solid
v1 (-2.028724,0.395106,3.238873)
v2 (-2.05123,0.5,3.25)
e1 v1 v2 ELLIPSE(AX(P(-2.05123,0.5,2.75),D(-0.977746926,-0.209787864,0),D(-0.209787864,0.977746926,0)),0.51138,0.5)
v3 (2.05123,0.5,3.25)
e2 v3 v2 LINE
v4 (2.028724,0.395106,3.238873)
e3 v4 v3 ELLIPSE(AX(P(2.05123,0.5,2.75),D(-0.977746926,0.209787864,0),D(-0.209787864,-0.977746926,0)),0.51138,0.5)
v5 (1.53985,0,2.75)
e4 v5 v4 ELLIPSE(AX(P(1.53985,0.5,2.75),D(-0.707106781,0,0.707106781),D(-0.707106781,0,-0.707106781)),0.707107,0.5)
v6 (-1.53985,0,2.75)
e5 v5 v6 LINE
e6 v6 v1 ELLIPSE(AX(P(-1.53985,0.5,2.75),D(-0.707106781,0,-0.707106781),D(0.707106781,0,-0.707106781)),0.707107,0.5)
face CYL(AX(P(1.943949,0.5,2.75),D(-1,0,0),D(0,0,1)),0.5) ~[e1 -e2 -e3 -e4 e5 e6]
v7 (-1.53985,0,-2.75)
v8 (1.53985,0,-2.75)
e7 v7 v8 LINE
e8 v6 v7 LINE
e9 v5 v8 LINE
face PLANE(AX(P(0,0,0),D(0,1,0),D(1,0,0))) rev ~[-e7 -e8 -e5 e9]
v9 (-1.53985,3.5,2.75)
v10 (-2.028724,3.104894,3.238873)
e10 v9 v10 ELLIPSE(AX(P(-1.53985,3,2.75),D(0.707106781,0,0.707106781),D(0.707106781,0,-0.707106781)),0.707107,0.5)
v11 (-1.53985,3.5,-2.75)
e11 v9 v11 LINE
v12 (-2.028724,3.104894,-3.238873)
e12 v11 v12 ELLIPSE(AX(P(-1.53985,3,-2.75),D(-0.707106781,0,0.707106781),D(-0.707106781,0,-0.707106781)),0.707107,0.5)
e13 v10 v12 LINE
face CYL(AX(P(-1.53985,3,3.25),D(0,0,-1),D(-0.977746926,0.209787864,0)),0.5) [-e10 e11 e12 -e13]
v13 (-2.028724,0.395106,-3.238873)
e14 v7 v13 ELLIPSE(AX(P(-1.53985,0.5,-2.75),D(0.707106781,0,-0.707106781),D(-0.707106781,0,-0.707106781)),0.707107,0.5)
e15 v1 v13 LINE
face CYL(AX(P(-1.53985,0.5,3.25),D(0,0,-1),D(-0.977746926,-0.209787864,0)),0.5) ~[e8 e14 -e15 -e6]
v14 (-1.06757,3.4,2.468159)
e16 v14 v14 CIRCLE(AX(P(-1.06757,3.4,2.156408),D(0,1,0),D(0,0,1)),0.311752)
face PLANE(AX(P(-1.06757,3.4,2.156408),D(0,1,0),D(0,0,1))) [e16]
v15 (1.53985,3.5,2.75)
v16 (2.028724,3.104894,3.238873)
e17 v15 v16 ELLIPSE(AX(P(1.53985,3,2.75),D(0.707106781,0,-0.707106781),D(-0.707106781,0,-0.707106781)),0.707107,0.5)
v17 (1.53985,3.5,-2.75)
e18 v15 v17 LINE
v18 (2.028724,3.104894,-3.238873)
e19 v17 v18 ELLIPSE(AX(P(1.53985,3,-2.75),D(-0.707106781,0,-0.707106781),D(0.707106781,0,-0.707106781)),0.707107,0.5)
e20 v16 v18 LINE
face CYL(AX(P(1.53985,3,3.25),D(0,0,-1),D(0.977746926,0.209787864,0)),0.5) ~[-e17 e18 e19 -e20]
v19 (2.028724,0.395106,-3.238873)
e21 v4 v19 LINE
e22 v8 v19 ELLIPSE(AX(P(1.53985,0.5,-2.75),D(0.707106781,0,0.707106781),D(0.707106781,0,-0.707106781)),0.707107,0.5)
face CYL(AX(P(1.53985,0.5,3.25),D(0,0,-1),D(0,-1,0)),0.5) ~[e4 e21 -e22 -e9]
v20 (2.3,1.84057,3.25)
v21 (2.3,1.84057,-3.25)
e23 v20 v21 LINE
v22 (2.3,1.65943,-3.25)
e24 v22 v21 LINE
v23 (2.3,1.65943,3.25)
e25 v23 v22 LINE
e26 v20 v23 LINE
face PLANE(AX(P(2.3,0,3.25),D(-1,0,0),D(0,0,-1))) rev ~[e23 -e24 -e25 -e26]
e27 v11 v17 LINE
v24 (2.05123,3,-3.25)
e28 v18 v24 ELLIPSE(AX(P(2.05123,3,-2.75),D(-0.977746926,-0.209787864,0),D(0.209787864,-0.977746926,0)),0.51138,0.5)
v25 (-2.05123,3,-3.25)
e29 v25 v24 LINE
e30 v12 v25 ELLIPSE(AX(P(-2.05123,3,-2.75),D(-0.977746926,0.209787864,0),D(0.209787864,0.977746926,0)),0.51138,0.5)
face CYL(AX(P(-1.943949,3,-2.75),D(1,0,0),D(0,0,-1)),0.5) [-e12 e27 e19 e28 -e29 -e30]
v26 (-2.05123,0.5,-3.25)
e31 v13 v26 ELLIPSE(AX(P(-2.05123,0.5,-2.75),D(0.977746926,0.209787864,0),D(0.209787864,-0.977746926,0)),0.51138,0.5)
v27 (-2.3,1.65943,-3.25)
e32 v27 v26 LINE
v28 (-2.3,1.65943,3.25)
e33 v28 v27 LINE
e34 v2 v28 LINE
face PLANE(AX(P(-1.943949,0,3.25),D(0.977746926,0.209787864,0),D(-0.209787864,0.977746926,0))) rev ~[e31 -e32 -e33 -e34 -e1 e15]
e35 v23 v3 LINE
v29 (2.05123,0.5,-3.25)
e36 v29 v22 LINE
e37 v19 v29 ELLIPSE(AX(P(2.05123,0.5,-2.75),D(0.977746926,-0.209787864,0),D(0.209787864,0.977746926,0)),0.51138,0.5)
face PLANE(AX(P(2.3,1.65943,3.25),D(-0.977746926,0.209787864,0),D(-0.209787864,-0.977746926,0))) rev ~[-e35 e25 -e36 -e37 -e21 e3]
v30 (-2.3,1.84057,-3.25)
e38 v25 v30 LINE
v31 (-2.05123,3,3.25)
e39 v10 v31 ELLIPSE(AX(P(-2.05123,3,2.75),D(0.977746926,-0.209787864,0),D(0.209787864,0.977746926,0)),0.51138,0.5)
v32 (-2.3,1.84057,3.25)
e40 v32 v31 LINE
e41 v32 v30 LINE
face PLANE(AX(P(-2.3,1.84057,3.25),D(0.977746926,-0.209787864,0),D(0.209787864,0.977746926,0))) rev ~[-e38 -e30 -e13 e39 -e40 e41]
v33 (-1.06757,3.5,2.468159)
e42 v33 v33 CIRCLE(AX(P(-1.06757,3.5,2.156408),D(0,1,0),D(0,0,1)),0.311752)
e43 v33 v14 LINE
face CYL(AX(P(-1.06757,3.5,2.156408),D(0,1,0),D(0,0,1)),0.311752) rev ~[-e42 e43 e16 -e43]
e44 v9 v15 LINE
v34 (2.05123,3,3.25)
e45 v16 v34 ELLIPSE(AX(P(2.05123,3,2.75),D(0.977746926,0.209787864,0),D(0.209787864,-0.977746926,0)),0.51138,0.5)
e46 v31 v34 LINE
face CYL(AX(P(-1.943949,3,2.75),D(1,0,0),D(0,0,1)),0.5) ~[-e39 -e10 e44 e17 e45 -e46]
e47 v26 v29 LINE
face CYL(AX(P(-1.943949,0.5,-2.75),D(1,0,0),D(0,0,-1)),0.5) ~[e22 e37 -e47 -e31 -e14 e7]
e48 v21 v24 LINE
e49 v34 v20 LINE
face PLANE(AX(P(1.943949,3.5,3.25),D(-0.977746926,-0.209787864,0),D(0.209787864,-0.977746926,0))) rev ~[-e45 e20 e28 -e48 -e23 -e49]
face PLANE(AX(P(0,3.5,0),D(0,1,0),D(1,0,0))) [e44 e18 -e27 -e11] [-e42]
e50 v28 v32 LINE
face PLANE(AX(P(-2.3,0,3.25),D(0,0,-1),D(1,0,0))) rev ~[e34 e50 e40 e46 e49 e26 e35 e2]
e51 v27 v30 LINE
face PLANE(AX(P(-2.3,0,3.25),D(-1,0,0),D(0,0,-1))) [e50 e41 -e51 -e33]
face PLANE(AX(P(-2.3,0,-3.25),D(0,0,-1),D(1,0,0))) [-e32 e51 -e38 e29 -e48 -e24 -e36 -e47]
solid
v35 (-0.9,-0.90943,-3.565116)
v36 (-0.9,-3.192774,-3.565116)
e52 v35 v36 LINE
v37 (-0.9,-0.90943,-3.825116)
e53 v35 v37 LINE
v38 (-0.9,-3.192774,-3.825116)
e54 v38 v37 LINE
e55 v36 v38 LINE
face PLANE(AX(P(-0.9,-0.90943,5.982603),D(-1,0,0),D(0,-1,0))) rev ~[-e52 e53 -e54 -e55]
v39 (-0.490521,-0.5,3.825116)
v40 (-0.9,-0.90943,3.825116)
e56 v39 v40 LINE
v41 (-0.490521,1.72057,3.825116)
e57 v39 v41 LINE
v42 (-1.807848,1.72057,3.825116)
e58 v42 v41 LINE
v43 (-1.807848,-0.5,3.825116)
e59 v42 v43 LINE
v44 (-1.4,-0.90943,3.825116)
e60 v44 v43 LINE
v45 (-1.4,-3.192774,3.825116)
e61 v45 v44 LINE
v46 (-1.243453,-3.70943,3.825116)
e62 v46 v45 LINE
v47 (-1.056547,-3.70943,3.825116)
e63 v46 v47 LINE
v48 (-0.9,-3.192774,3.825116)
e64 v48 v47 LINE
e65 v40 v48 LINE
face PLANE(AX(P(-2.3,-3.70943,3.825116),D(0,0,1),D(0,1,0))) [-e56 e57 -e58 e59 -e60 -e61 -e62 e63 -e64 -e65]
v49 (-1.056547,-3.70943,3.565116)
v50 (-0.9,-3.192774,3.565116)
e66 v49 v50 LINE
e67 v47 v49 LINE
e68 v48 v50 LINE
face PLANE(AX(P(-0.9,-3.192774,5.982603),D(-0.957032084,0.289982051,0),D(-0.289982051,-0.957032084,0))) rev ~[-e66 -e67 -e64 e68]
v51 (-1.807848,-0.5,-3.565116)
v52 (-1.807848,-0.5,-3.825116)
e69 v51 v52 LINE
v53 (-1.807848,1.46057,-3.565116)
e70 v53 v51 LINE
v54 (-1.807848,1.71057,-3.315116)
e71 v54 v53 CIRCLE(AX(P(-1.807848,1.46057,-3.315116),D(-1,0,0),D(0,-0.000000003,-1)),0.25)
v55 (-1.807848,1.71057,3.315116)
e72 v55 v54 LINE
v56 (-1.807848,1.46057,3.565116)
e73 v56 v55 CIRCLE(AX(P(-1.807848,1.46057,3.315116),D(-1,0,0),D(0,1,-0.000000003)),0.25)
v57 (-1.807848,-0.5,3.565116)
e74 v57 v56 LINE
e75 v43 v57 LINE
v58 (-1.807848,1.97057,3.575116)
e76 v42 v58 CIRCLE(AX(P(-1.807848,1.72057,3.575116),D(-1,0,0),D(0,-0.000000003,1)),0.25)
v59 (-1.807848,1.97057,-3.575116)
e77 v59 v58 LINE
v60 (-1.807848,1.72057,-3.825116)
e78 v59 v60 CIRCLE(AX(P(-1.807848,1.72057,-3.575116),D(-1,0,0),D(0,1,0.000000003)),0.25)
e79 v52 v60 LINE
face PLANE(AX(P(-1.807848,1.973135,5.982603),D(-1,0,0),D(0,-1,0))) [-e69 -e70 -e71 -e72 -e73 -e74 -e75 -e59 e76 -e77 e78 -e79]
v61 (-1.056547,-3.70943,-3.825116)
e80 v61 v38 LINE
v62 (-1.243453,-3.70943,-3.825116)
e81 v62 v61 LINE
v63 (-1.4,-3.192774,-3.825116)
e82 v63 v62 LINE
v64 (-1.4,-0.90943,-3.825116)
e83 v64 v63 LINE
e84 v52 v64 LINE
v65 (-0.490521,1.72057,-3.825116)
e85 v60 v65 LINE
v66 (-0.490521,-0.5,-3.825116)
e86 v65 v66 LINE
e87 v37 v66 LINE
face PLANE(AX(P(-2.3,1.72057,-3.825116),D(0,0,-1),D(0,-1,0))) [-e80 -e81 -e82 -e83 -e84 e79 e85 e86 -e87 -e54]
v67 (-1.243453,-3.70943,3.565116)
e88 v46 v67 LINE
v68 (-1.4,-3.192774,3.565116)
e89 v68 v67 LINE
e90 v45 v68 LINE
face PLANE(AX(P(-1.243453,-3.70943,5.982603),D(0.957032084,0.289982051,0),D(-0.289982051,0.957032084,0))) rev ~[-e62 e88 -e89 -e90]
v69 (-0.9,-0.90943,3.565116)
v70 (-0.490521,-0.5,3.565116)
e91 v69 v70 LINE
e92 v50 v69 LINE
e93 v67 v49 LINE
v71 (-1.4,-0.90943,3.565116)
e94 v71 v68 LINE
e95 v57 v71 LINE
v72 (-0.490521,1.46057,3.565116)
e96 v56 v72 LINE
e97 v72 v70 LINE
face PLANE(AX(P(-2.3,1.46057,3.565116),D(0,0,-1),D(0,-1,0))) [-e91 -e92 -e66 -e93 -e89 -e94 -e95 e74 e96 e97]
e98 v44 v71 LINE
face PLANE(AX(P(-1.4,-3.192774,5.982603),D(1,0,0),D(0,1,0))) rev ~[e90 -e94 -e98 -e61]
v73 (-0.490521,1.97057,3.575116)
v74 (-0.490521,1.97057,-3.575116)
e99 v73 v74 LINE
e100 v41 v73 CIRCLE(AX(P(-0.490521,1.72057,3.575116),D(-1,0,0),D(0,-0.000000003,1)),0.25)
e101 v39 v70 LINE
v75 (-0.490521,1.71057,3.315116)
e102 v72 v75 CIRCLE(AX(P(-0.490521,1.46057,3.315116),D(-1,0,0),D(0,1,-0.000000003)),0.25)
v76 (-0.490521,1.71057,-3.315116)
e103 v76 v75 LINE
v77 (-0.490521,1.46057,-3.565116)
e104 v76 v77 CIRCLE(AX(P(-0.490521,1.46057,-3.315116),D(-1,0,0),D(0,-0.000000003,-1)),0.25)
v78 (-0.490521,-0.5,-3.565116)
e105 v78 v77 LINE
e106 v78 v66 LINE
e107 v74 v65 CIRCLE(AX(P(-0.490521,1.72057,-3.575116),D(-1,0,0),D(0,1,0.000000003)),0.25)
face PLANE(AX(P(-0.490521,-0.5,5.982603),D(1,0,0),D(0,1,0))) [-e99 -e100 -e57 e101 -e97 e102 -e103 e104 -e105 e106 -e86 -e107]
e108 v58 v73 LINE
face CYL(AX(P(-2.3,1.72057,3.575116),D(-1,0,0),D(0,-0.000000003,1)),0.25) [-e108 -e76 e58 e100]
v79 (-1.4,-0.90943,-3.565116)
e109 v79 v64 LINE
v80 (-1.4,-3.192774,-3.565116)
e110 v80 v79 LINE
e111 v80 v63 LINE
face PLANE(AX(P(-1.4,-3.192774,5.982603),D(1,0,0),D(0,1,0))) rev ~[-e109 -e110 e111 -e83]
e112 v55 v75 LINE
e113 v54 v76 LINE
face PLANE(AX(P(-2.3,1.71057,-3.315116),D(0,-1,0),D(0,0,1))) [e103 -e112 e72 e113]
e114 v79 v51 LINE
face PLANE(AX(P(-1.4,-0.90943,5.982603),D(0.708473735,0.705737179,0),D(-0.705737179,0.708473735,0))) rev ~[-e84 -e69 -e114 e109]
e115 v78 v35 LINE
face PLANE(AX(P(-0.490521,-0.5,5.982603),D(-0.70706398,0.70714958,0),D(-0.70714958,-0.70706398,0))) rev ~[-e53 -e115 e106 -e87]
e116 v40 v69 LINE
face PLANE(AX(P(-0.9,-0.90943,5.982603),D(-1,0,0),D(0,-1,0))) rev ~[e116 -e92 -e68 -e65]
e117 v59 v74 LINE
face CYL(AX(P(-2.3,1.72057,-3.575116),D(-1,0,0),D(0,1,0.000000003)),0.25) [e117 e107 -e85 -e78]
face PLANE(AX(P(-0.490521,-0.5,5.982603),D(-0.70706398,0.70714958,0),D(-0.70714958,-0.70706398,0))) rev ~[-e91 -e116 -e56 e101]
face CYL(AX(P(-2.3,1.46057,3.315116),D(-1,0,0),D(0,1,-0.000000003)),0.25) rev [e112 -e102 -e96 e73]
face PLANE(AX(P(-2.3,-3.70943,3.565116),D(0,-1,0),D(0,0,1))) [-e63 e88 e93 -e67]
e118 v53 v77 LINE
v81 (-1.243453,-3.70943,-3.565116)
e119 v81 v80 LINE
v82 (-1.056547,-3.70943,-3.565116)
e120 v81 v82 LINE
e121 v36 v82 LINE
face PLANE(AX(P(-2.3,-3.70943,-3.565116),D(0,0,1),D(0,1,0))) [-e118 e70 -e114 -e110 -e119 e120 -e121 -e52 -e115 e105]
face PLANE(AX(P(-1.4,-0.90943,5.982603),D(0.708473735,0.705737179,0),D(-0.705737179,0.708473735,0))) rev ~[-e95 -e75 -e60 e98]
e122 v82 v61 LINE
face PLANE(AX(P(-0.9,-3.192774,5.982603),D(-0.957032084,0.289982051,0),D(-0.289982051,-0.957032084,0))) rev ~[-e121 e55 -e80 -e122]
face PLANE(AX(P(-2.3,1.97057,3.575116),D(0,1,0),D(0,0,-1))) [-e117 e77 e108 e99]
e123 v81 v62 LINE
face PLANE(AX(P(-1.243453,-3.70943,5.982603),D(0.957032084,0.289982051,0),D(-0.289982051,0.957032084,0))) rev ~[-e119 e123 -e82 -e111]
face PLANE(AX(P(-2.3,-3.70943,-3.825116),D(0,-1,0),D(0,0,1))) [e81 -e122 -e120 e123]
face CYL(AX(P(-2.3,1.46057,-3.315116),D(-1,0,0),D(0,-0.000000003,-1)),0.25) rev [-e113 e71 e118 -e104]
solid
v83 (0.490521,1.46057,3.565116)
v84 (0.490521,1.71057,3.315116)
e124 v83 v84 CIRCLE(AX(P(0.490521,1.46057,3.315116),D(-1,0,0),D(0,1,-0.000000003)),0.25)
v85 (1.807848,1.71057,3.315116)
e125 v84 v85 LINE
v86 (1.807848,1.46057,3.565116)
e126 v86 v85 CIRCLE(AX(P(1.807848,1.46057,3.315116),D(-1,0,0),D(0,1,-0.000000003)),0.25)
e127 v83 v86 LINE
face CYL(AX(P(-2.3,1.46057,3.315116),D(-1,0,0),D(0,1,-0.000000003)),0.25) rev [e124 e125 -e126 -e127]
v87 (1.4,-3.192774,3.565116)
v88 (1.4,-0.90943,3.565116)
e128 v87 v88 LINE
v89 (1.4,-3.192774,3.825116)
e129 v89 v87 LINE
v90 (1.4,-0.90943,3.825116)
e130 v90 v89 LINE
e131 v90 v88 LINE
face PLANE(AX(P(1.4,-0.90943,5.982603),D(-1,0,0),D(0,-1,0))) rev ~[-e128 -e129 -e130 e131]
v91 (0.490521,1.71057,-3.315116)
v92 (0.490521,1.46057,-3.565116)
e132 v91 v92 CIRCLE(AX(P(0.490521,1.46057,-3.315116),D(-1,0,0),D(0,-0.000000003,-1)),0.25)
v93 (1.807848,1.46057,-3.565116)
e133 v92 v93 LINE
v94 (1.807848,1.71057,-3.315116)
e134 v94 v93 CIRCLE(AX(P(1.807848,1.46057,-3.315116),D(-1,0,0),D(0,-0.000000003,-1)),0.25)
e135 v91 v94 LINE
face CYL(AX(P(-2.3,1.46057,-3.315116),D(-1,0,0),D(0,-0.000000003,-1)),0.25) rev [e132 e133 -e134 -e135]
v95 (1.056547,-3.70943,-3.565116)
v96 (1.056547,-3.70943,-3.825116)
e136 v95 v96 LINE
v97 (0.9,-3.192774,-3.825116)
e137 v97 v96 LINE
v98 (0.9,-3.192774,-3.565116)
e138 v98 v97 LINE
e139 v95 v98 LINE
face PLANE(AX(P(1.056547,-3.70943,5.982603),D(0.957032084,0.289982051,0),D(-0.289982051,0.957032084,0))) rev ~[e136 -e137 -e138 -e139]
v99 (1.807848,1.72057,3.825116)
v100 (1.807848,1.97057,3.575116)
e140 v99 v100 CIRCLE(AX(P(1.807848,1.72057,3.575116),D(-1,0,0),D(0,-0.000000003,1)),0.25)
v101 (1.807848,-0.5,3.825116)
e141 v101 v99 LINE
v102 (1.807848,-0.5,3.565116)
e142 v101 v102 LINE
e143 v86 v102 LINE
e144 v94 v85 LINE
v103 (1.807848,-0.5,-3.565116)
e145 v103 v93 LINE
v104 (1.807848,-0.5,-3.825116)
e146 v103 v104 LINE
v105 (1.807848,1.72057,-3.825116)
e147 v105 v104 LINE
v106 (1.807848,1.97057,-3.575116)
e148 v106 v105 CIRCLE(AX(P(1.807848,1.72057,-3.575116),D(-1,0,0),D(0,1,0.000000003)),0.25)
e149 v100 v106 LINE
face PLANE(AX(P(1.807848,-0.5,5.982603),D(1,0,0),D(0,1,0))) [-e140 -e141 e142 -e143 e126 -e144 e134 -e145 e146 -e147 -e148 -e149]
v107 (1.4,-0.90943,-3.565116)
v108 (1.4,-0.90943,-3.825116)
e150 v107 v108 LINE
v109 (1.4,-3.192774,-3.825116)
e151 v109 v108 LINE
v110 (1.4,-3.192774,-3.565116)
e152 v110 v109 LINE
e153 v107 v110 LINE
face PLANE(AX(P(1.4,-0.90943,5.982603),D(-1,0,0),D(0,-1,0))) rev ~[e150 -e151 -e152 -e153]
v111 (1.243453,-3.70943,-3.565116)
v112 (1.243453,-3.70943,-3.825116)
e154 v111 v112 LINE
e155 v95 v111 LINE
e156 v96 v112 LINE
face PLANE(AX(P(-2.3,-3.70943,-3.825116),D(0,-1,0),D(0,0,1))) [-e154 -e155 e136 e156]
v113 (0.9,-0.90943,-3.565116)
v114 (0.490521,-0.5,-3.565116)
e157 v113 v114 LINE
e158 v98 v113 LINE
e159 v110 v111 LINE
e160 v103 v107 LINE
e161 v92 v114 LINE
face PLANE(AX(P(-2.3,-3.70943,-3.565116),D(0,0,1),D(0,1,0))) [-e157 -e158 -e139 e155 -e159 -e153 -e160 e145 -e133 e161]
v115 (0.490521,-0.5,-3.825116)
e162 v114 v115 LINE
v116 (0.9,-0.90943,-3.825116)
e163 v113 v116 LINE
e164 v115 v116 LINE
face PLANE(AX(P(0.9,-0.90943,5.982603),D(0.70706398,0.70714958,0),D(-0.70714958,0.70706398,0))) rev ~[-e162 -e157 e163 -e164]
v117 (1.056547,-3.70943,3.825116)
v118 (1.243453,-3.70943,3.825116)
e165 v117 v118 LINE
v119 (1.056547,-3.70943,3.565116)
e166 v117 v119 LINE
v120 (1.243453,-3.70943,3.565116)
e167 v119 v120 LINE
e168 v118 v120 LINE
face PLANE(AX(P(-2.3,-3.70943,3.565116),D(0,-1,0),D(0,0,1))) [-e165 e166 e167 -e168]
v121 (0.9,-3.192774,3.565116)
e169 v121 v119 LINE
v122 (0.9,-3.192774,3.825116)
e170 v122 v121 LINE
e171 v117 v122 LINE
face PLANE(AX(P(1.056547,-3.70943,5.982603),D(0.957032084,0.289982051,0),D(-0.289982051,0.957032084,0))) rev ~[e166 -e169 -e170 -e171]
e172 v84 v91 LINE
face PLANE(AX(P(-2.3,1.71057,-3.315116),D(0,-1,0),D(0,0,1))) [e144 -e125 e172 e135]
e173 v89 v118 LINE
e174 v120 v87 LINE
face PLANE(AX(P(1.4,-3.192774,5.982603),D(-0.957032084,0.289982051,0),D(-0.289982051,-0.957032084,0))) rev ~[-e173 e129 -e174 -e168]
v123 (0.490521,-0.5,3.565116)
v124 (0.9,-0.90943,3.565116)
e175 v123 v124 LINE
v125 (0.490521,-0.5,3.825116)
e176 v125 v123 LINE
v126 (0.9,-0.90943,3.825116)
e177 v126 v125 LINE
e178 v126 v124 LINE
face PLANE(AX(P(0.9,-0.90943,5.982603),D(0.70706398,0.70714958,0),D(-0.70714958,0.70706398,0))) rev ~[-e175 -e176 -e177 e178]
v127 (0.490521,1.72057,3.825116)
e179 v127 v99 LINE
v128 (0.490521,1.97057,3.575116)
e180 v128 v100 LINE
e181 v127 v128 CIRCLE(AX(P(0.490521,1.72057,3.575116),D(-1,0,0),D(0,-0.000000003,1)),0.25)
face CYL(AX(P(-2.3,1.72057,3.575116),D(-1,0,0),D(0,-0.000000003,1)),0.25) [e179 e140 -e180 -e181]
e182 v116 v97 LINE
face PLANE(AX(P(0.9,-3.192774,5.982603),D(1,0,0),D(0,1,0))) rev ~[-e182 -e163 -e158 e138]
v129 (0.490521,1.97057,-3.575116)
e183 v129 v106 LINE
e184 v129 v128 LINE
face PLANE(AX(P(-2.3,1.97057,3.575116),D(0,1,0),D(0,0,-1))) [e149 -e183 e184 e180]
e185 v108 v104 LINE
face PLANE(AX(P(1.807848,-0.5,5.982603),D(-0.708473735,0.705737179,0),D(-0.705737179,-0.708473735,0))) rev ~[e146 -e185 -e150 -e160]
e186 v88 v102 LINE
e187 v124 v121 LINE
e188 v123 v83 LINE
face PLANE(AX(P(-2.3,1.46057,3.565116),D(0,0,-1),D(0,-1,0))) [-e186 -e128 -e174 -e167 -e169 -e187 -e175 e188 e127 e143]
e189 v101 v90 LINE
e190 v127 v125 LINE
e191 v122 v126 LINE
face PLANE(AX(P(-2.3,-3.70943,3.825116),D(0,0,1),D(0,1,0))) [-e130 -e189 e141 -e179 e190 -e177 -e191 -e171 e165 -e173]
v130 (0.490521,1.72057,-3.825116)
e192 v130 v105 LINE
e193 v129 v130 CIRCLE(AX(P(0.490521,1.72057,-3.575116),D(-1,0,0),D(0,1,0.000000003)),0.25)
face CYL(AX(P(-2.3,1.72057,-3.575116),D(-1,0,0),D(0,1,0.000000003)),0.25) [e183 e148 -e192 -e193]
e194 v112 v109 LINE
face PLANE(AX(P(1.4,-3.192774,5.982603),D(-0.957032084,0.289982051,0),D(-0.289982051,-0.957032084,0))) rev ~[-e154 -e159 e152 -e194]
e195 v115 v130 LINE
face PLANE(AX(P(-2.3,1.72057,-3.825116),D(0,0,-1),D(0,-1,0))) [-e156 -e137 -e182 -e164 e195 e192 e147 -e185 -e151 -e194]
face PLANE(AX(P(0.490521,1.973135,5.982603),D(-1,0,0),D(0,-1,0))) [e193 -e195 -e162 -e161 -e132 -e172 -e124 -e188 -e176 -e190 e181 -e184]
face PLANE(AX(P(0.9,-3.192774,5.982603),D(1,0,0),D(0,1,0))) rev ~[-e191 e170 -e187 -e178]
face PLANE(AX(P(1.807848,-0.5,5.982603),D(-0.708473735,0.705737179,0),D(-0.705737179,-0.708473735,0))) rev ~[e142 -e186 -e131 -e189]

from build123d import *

# Parameters (mm, degrees)
SKETCH1_W               = 4.6
SKETCH1_H               = 6.5
BOSS_EXTRUDE1_DEPTH     = 3.5
SKETCH2_R               = 0.311751624
CUT_EXTRUDE1_DEPTH      = 0.1
SKETCH3_OUTSIDE_W       = 8.34
SKETCH3_OUTSIDE_H       = 7.24
CUT_EXTRUDE3_DEPTH      = 8.732399369
FILLET1_R               = 0.5
BOSS_EXTRUDE2_DEPTH     = 4.6
CUT_EXTRUDE7_DEPTH      = 9.807718938
CUT_EXTRUDE7_DEPTH_BACK = 9.807718938
SKETCH5_OUTSIDE_W       = 8.894
SKETCH5_OUTSIDE_H       = 11.503


with BuildPart() as part:
    # Sketch1 → Boss-Extrude1 (new body)
    with BuildSketch(Plane(origin=(0, 0, 0), x_dir=(1, 0, 0), z_dir=(0, 1, 0))):
        Rectangle(SKETCH1_W, SKETCH1_H)
    extrude(amount=BOSS_EXTRUDE1_DEPTH)

    # Sketch2 → Cut-Extrude1 (cut)
    with BuildSketch(Plane(origin=(0, 3.5, 0), x_dir=(1, 0, 0), z_dir=(0, 1, 0))):
        with Locations(Location((-1.067569718, -2.156407837, 0), (0, 0, 270))):
            Circle(SKETCH2_R)
    extrude(amount=-CUT_EXTRUDE1_DEPTH, mode=Mode.SUBTRACT)

    # Sketch3 outside → Cut-Extrude3 (cut, through all)
    with BuildSketch(Plane.XY.offset(3.25)):
        with Locations((0, 1.75)):
            Rectangle(SKETCH3_OUTSIDE_W, SKETCH3_OUTSIDE_H)
        Polygon((-2.3, 1.84057033), (-1.943948555, 3.5), (1.943948555, 3.5), (2.3, 1.84057033), (2.3, 1.65942967), (1.943948555, 0), (-1.943948555, 0), (-2.3, 1.65942967), align=None, mode=Mode.SUBTRACT)
    extrude(amount=-CUT_EXTRUDE3_DEPTH, mode=Mode.SUBTRACT)

    # Fillet1
    fillet1_edges = [part.edges().sort_by_distance(p)[0] for p in [
        (0, 0, 3.25),
        (0, 0, -3.25),
        (0, 3.5, -3.25),
        (0, 3.5, 3.25),
        (1.943948555, 3.5, 0),
        (-1.943948555, 3.5, 0),
        (1.943948555, 0, 0),
        (-1.943948555, 0, 0),
    ]]
    fillet(fillet1_edges, radius=FILLET1_R)


with BuildPart() as body_2:
    # Sketch4 → Boss-Extrude2 (new, through all)
    with BuildSketch(Plane.ZY.offset(2.3)):
        with BuildLine():
            Line((-3.825115829, -3.70942967), (-3.565115829, -3.70942967))
            Line((-3.565115829, -3.70942967), (-3.565115829, 1.46057033))
            ThreePointArc((-3.565115829, 1.46057033), (-3.491892524, 1.637347026), (-3.315115829, 1.71057033))
            Line((-3.315115829, 1.71057033), (3.315115829, 1.71057033))
            ThreePointArc((3.315115829, 1.71057033), (3.491892524, 1.637347026), (3.565115829, 1.46057033))
            Line((3.565115829, 1.46057033), (3.565115829, -3.70942967))
            Line((3.565115829, -3.70942967), (3.825115829, -3.70942967))
            Line((3.825115829, -3.70942967), (3.825115829, 1.72057033))
            ThreePointArc((3.825115829, 1.72057033), (3.751892524, 1.897347026), (3.575115829, 1.97057033))
            Line((3.575115829, 1.97057033), (-3.575115829, 1.97057033))
            ThreePointArc((-3.575115829, 1.97057033), (-3.751892524, 1.897347026), (-3.825115829, 1.72057033))
            Line((-3.825115829, 1.72057033), (-3.825115829, -3.70942967))
        make_face()
    extrude(amount=-BOSS_EXTRUDE2_DEPTH)

    # Sketch5 outside → Cut-Extrude7 (cut, two sides: drawn at the far end of the back side and taken through both)
    with BuildSketch(Plane(origin=(0, 0, -3.825115829), x_dir=(-1, 0, 0), z_dir=(0, 0, -1)).offset(-CUT_EXTRUDE7_DEPTH_BACK)):
        with Locations((0, -0.1045)):
            Rectangle(SKETCH5_OUTSIDE_W, SKETCH5_OUTSIDE_H)
        Polygon((-0.9, -3.19277423), (-0.9, -0.90942967), (-0.490520763, -0.5), (-0.490520763, 1.72057033), (-0.490520763, 1.973134899), (-1.807848204, 1.973134899), (-1.807848204, 1.72057033), (-1.807848204, -0.5), (-1.4, -0.90942967), (-1.4, -3.19277423), (-1.243452684, -3.70942967), (-1.056547316, -3.70942967), align=None, mode=Mode.SUBTRACT)
        Polygon((1.4, -0.90942967), (1.807848204, -0.5), (1.807848204, 1.72057033), (1.807848204, 1.973134899), (0.490520763, 1.973134899), (0.490520763, 1.72057033), (0.490520763, -0.5), (0.9, -0.90942967), (0.9, -3.19277423), (1.056547316, -3.70942967), (1.243452684, -3.70942967), (1.4, -3.19277423), align=None, mode=Mode.SUBTRACT)
    extrude(amount=CUT_EXTRUDE7_DEPTH + CUT_EXTRUDE7_DEPTH_BACK, mode=Mode.SUBTRACT)


with BuildPart() as cut_extrude7_piece_1:
    # of the separate pieces the step leaves, piece 1, a body of its own (cut_extrude7_pieces)
    add(body_2.part.solids().sort_by_distance((-1.243452684, -3.70942967, -3.565115829))[0])


with BuildPart() as cut_extrude7_piece_2:
    # of the separate pieces the step leaves, piece 2, a body of its own (cut_extrude7_pieces)
    add(body_2.part.solids().sort_by_distance((1.056547316, -3.70942967, -3.565115829))[0])


solid = Compound([part.part, cut_extrude7_piece_1.part, cut_extrude7_piece_2.part])
